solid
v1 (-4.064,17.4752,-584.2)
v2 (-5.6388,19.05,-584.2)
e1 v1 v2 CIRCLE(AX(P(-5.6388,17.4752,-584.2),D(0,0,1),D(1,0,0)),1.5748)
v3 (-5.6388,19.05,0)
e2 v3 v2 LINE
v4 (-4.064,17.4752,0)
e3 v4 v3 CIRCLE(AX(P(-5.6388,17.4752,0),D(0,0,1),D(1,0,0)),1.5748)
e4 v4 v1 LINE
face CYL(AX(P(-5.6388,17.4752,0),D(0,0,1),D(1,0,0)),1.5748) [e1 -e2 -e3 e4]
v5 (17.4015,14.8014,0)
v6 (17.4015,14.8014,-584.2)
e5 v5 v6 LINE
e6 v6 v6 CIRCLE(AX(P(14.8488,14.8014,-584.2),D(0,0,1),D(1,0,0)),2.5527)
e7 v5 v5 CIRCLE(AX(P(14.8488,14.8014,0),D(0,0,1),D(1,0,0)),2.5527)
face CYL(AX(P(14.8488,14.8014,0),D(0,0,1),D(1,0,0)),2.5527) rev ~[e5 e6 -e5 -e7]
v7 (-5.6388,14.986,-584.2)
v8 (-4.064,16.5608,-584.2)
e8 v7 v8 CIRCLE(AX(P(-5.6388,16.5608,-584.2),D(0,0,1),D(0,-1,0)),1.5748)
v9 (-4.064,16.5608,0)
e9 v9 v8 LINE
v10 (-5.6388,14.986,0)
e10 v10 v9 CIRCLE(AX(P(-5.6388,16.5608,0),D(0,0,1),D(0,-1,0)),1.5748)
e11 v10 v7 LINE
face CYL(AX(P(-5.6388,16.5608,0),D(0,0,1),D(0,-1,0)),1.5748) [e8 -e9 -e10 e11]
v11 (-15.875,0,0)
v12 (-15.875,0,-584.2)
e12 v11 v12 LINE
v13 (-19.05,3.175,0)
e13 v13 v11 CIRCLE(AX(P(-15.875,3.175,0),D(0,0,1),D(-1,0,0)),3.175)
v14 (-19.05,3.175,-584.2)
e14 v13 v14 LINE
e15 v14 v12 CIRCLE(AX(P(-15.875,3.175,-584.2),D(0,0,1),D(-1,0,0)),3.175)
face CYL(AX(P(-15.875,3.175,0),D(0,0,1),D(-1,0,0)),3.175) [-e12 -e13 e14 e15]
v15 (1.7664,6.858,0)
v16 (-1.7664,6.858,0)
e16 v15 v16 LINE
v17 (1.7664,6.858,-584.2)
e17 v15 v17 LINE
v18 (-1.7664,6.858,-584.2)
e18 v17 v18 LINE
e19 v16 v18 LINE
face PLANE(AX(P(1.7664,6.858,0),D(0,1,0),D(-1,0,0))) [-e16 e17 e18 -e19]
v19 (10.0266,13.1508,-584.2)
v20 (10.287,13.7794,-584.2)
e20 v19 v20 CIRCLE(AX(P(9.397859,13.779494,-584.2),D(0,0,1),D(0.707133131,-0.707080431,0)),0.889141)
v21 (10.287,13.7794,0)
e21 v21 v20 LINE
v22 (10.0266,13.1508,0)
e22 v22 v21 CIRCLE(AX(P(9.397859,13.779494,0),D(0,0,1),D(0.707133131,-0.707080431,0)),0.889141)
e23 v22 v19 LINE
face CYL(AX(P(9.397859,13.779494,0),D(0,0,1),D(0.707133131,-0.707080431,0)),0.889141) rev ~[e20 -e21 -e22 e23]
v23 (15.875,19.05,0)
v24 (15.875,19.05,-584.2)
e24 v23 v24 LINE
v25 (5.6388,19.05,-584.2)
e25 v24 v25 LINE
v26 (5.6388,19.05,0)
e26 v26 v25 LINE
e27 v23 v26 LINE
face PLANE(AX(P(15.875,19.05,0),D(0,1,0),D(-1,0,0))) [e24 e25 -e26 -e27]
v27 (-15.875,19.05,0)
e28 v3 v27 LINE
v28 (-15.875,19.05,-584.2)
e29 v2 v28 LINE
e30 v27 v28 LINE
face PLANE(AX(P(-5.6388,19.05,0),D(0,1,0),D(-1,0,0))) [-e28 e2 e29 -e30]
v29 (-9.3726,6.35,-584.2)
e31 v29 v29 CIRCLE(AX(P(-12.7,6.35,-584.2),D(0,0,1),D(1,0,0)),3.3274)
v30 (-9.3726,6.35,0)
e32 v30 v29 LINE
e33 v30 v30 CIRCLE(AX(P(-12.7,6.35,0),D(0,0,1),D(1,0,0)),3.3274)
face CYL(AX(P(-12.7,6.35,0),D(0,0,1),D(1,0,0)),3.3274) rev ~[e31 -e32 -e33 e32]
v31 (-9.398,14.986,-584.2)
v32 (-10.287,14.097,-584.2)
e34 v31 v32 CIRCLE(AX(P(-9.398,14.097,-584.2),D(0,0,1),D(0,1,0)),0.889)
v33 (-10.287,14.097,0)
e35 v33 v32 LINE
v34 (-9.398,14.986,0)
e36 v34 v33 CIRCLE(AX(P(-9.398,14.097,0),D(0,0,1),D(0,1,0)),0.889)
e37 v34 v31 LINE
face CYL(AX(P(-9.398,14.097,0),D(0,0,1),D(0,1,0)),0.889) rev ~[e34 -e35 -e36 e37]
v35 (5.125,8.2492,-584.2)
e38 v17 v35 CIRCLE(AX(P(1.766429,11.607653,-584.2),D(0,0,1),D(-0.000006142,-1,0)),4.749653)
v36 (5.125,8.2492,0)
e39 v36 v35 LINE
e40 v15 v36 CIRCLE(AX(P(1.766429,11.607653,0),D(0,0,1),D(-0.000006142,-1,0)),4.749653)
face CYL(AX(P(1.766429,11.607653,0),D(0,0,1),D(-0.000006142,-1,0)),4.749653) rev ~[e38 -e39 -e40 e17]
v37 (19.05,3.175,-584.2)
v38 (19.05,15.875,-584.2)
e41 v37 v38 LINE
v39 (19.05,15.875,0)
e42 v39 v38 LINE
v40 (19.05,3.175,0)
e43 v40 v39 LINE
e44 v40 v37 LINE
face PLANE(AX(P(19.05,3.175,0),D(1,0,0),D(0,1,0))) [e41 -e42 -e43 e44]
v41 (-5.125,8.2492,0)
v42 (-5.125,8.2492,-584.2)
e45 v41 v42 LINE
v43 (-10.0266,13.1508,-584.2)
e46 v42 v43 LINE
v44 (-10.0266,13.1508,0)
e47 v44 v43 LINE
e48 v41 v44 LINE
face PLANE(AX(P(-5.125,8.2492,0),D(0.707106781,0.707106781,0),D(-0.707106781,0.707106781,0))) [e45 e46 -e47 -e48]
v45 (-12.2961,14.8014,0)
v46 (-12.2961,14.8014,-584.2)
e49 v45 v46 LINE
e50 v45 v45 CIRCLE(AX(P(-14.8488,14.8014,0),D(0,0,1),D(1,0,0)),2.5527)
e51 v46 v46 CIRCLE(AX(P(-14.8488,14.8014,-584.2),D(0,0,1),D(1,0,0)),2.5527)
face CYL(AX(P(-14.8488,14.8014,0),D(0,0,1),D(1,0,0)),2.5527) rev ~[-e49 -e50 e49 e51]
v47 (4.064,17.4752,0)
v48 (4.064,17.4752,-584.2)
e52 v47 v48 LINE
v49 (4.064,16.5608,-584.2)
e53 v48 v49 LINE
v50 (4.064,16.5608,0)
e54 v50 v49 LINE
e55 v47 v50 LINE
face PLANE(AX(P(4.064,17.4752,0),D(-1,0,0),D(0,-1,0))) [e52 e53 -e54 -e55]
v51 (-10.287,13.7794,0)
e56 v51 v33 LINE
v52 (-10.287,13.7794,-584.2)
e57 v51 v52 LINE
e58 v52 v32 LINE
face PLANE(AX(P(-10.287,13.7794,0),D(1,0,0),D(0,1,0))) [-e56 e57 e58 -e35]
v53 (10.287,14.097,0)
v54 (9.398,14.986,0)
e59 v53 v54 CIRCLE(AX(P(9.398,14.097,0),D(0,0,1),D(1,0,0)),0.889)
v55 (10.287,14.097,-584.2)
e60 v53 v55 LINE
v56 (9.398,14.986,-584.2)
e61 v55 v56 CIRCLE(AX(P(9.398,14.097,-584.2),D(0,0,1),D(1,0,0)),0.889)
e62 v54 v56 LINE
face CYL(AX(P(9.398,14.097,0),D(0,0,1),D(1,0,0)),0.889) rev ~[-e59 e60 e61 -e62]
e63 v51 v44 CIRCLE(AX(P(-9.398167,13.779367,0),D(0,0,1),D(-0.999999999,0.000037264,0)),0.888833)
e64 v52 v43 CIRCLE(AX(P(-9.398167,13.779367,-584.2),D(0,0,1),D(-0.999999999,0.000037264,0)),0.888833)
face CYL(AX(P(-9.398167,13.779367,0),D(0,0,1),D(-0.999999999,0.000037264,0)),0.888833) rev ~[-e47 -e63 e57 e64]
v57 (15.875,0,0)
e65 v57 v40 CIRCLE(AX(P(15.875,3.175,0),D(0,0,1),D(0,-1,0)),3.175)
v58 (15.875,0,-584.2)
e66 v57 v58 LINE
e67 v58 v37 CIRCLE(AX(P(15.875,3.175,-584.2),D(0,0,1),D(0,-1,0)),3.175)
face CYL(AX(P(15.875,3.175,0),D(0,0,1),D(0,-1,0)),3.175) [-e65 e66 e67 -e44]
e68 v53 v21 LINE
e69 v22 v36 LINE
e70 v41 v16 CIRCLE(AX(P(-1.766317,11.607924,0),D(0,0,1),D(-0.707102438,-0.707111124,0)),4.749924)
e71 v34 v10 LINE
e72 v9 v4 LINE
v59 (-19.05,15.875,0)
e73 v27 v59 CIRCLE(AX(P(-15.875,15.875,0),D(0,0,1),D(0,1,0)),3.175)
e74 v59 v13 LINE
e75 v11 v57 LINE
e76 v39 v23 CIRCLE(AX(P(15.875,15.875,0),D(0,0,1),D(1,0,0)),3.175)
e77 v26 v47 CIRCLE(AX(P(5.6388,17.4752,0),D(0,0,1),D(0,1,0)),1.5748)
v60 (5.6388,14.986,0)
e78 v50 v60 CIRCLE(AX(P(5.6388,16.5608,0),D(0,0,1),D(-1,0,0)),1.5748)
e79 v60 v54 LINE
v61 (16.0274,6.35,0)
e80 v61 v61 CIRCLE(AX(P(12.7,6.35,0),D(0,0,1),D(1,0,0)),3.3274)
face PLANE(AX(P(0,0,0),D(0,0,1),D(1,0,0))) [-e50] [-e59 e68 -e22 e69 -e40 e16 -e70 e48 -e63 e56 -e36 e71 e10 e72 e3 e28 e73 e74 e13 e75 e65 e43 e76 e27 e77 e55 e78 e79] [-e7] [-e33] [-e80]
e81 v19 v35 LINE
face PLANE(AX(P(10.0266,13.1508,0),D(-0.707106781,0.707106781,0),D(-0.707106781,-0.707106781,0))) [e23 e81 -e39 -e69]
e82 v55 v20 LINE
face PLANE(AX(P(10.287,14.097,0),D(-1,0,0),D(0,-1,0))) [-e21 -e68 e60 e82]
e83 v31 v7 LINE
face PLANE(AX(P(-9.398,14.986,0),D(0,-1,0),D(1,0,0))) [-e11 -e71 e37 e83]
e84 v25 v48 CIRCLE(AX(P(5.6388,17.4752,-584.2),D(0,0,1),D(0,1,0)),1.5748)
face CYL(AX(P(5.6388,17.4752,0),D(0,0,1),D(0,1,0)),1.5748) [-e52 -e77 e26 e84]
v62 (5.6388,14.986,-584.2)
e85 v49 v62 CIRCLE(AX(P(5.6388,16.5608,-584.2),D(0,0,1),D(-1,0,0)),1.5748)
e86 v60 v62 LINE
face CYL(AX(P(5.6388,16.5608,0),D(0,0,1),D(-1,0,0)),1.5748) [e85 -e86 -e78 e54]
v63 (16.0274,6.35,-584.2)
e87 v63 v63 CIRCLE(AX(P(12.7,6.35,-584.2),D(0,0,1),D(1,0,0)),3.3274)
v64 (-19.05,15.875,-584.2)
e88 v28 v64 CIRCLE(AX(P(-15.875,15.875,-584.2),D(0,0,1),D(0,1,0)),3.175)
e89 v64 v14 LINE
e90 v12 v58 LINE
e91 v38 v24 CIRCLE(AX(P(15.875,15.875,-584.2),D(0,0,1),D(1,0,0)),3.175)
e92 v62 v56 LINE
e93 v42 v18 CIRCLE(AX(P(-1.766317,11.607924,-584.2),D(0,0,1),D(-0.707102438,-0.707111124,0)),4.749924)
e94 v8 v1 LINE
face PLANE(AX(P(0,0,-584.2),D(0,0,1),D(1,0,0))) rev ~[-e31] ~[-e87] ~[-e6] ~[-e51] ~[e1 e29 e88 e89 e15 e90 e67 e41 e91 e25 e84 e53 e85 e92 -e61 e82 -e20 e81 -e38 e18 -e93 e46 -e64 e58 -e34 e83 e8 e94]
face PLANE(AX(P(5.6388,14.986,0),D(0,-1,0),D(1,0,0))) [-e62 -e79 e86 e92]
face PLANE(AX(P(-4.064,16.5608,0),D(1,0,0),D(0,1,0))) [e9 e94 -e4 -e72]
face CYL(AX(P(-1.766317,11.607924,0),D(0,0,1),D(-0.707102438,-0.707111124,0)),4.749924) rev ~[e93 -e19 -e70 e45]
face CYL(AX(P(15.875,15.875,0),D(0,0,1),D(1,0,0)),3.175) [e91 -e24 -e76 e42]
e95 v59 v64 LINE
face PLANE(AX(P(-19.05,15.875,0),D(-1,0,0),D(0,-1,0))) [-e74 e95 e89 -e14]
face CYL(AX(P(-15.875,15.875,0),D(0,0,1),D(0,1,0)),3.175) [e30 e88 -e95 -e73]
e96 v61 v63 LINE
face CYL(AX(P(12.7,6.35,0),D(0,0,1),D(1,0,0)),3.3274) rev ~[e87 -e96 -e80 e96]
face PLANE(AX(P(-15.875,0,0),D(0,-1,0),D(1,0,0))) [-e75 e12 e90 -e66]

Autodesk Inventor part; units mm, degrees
ref_plane "YZ Plane" through (0, 0, 0) normal (1, 0, 0) x (0, 1, 0)
ref_plane "XZ Plane" through (0, 0, 0) normal (0, 1, 0) x (-1, 0, 0)
ref_plane "XY Plane" through (0, 0, 0) normal (0, 0, 1) x (1, 0, 0)
sketch "Sketch_1" plane through (0, 0, 0) normal (0, 0, 1) x (1, 0, 0)
  arc A0 (-19.05, 3.175) -> (-15.875, 0) centre (-15.875, 3.175) ccw
  line L0 (-15.875, 0) -> (15.875, 0)
  arc A1 (15.875, 0) -> (19.05, 3.175) centre (15.875, 3.175) ccw
  line L1 (19.05, 3.175) -> (19.05, 15.875)
  arc A2 (19.05, 15.875) -> (15.875, 19.05) centre (15.875, 15.875) ccw
  line L2 (15.875, 19.05) -> (5.6388, 19.05)
  arc A3 (5.6388, 19.05) -> (4.064, 17.4752) centre (5.6388, 17.4752) ccw
  line L3 (4.064, 17.4752) -> (4.064, 16.5608)
  arc A4 (4.064, 16.5608) -> (5.6388, 14.986) centre (5.6388, 16.5608) ccw
  line L4 (5.6388, 14.986) -> (9.398, 14.986)
  arc A5 (10.287, 14.097) -> (9.398, 14.986) centre (9.398, 14.097) ccw
  line L5 (10.287, 14.097) -> (10.287, 13.7794)
  arc A6 (10.0266, 13.1508) -> (10.287, 13.7794) centre (9.398, 13.7794) ccw
  line L6 (10.0266, 13.1508) -> (5.125, 8.2492)
  arc A7 (1.7664, 6.858) -> (5.125, 8.2492) centre (1.7664, 11.6078) ccw
  line L7 (1.7664, 6.858) -> (-1.7664, 6.858)
  arc A8 (-5.125, 8.2492) -> (-1.7664, 6.858) centre (-1.7664, 11.6078) ccw
  line L8 (-5.125, 8.2492) -> (-10.0266, 13.1508)
  arc A9 (-10.287, 13.7794) -> (-10.0266, 13.1508) centre (-9.398, 13.7794) ccw
  line L9 (-10.287, 13.7794) -> (-10.287, 14.097)
  arc A10 (-9.398, 14.986) -> (-10.287, 14.097) centre (-9.398, 14.097) ccw
  line L10 (-9.398, 14.986) -> (-5.6388, 14.986)
  arc A11 (-5.6388, 14.986) -> (-4.064, 16.5608) centre (-5.6388, 16.5608) ccw
  line L11 (-4.064, 16.5608) -> (-4.064, 17.4752)
  arc A12 (-4.064, 17.4752) -> (-5.6388, 19.05) centre (-5.6388, 17.4752) ccw
  line L12 (-5.6388, 19.05) -> (-15.875, 19.05)
  arc A13 (-15.875, 19.05) -> (-19.05, 15.875) centre (-15.875, 15.875) ccw
  line L13 (-19.05, 15.875) -> (-19.05, 3.175)
  circle A14 centre (14.8488, 14.8014) radius 2.5527
  circle A15 centre (12.7, 6.35) radius 3.3274
  circle A16 centre (-12.7, 6.35) radius 3.3274
  circle A17 centre (-14.8488, 14.8014) radius 2.5527
extrude "Extrusion1" add sketch "Sketch_1" against normal blind 584.2
properties part number "Cross Brace"
